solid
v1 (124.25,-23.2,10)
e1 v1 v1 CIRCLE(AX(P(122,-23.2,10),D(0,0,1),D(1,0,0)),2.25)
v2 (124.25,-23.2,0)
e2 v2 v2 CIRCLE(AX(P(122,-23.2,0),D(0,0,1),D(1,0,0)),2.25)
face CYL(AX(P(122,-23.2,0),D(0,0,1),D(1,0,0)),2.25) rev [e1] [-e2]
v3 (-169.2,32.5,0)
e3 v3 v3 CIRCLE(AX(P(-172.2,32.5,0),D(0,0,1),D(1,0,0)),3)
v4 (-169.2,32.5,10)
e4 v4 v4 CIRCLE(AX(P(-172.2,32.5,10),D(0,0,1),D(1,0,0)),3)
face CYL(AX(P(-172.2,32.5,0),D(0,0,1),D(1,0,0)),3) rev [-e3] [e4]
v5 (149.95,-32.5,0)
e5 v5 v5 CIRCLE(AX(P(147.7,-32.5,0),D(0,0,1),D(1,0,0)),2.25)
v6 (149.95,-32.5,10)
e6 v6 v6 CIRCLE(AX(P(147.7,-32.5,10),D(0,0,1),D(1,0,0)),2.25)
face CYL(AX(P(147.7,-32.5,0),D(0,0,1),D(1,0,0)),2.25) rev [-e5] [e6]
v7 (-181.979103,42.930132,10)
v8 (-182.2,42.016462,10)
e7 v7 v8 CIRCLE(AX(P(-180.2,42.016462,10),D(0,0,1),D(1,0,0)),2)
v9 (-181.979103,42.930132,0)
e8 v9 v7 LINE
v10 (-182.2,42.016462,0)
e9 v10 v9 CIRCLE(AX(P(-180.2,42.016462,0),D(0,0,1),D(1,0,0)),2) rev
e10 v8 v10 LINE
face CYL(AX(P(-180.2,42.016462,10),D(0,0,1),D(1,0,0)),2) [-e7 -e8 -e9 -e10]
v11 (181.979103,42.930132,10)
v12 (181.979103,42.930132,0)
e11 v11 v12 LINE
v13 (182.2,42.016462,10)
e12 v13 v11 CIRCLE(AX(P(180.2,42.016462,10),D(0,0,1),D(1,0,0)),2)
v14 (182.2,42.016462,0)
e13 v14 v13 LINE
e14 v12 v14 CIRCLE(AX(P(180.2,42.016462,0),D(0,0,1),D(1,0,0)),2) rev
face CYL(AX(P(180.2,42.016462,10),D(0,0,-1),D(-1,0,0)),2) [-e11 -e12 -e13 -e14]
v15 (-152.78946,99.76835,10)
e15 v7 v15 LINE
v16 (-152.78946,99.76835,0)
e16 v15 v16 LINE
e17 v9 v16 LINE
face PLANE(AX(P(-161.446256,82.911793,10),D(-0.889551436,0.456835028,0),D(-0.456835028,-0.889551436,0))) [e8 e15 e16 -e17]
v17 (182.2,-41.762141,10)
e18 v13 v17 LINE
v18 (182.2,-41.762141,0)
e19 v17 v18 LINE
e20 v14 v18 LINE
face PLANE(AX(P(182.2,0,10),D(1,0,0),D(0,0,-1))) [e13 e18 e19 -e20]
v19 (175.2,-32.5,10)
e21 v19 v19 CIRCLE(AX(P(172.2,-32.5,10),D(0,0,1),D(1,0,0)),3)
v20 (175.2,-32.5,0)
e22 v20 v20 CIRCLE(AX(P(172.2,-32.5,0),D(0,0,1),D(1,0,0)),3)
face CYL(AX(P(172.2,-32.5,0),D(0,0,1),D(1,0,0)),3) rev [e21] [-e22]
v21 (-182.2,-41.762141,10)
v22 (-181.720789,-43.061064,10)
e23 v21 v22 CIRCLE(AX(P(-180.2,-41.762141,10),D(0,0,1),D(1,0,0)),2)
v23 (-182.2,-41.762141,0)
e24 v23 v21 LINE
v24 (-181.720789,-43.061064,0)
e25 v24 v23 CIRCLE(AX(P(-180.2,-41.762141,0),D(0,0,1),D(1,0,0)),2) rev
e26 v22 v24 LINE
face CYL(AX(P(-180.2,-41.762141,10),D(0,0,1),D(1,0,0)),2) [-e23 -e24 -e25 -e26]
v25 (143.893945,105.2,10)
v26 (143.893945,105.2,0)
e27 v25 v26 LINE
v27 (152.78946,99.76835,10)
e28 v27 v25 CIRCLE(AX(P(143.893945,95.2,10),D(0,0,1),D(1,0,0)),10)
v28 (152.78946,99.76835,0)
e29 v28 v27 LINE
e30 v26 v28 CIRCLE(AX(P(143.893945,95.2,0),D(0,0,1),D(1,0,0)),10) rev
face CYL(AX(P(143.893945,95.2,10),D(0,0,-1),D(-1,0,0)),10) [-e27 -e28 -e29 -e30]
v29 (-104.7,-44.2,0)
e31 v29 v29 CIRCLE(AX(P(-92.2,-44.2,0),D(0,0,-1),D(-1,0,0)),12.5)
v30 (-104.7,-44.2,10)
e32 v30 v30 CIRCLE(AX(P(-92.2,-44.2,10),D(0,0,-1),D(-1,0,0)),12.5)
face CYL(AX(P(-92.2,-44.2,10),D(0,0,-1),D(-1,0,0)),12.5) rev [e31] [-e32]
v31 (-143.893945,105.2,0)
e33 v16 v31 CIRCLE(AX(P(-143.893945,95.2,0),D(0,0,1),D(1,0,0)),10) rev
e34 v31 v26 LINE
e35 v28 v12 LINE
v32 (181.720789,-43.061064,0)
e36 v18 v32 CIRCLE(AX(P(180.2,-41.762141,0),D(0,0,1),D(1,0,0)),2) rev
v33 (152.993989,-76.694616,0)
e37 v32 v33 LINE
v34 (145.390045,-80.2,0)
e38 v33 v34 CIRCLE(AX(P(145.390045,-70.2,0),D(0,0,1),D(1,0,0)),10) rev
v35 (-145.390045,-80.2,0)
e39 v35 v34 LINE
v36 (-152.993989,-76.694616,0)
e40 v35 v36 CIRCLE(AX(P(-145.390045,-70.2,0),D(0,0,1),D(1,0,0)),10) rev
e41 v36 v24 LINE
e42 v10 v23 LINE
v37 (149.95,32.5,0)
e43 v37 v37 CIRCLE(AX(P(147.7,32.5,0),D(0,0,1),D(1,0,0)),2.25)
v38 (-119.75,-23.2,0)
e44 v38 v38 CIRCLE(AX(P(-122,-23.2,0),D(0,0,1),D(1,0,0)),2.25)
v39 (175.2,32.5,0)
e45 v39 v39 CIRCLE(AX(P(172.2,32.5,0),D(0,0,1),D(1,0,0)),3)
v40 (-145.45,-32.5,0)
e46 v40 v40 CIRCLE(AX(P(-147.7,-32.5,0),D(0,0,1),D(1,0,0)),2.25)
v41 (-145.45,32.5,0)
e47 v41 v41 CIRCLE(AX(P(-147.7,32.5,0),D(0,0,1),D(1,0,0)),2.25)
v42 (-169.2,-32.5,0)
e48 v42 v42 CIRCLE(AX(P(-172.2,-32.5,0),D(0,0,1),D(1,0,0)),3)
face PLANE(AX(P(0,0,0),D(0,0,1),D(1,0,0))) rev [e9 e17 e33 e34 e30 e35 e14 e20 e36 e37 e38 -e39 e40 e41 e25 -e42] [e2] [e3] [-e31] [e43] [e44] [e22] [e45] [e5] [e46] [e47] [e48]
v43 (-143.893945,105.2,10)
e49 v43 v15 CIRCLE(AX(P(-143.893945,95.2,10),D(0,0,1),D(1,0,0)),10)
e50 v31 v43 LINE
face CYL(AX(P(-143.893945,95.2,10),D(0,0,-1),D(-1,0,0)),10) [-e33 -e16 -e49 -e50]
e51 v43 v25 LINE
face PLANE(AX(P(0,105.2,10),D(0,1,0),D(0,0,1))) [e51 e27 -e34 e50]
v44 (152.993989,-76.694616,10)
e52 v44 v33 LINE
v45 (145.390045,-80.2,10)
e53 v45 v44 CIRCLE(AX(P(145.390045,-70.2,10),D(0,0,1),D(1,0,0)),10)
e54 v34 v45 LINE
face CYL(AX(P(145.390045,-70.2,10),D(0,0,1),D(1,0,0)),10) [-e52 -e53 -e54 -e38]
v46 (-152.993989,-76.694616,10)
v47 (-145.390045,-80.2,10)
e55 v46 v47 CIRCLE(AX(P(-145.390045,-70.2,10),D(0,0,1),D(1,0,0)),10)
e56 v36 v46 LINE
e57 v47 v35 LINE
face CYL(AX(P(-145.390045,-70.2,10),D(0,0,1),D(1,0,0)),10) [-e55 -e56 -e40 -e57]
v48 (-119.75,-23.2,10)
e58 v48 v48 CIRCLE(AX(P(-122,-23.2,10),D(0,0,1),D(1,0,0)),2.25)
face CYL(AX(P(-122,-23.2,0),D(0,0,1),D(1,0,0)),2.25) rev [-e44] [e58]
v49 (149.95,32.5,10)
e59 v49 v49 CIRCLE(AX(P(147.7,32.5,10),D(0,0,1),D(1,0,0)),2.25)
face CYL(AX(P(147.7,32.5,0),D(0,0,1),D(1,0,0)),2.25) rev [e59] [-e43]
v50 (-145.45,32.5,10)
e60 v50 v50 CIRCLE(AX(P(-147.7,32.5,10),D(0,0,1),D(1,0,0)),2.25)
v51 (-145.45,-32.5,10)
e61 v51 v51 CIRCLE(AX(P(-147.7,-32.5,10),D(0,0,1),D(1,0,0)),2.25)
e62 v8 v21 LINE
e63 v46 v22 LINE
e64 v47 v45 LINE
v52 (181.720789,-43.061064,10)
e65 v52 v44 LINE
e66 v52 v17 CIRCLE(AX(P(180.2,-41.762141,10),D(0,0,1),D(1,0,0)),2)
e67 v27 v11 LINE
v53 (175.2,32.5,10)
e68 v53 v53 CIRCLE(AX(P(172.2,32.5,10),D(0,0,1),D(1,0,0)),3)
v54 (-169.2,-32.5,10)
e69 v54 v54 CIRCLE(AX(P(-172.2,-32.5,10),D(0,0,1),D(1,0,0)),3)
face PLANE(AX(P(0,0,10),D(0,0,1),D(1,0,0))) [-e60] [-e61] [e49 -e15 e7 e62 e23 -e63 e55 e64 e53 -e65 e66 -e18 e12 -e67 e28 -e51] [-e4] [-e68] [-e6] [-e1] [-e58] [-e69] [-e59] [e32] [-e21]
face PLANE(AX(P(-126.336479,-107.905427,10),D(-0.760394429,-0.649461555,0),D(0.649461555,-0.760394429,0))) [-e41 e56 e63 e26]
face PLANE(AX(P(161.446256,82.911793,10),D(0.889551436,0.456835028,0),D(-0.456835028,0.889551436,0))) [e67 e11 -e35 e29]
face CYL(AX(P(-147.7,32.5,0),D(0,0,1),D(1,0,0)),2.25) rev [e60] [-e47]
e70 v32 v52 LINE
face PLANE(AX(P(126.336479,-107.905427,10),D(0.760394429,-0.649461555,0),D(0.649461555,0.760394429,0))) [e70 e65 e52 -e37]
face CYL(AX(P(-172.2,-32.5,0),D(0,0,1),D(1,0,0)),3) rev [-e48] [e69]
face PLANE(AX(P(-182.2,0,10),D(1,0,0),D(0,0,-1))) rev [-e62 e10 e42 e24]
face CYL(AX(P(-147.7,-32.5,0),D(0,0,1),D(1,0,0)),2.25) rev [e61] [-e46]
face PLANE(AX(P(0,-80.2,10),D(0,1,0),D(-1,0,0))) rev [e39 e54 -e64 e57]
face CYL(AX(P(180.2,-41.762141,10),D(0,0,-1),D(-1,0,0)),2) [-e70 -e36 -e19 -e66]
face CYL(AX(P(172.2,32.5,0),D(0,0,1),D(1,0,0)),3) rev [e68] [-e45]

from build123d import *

# Parameters (mm, degrees)
ESQUISSE1_W             = 364.4
ESQUISSE1_H             = 85
ESQUISSE1_W_2           = 300
ESQUISSE1_H_2           = 62.7
ESQUISSE1_H_3           = 37.7
BOSS_EXTRU_1_DEPTH      = 10
ESQUISSE3_R             = 2.25
ESQUISSE3_R_2           = 3
ENL_V_MAT_EXTRU_1_DEPTH = 10
ESQUISSE4_R             = 2.25
ENL_V_MAT_EXTRU_2_DEPTH = 10
CONG_1_R                = 10
CONG_2_R                = 2
ESQUISSE5_R             = 12.5
ENL_V_MAT_EXTRU_3_DEPTH = 10


with BuildPart() as part:
    # Esquisse1 → Boss.-Extru.1 (new body)
    with BuildSketch(Plane.XY):
        Rectangle(ESQUISSE1_W, ESQUISSE1_H)
        with Locations((0, 73.85)):
            Rectangle(ESQUISSE1_W_2, ESQUISSE1_H_2)
        Polygon((-150, 105.2), (-182.2, 42.5), (-150, 42.5), align=None)
        with Locations((0, -61.35)):
            Rectangle(ESQUISSE1_W_2, ESQUISSE1_H_3)
        Polygon((-150, -42.5), (-182.2, -42.5), (-150, -80.2), align=None)
        Polygon((182.2, 42.5), (150, 105.2), (150, 42.5), align=None)
        Polygon((182.2, -42.5), (150, -42.5), (150, -80.2), align=None)
    extrude(amount=BOSS_EXTRU_1_DEPTH)

    # Esquisse3 → Enlèv. mat.-Extru.1 (cut)
    with BuildSketch(Plane.XY.offset(10)):
        with Locations((-147.7, 32.5)):
            Circle(ESQUISSE3_R)
        with Locations((-172.2, 32.5)):
            Circle(ESQUISSE3_R_2)
        with Locations((-172.2, -32.5)):
            Circle(ESQUISSE3_R_2)
        with Locations((-147.7, -32.5)):
            Circle(ESQUISSE3_R)
        with Locations((172.2, -32.5)):
            Circle(ESQUISSE3_R_2)
        with Locations((147.7, -32.5)):
            Circle(ESQUISSE3_R)
        with Locations((172.2, 32.5)):
            Circle(ESQUISSE3_R_2)
        with Locations((147.7, 32.5)):
            Circle(ESQUISSE3_R)
    extrude(amount=-ENL_V_MAT_EXTRU_1_DEPTH, mode=Mode.SUBTRACT)

    # Esquisse4 → Enlèv. mat.-Extru.2 (cut)
    with BuildSketch(Plane.XY.offset(10)):
        with Locations((-122, -23.2)):
            Circle(ESQUISSE4_R)
        with Locations((122, -23.2)):
            Circle(ESQUISSE4_R)
    extrude(amount=-ENL_V_MAT_EXTRU_2_DEPTH, mode=Mode.SUBTRACT)

    # Congé1
    cong_1_edges = [part.edges().sort_by_distance(p)[0] for p in [
        (-150, -80.2, 5),
        (-150, 105.2, 5),
        (150, 105.2, 5),
        (150, -80.2, 5),
    ]]
    fillet(cong_1_edges, radius=CONG_1_R)

    # Congé2
    cong_2_edges = [part.edges().sort_by_distance(p)[0] for p in [
        (-182.2, -42.5, 5),
        (-182.2, 42.5, 5),
        (182.2, 42.5, 5),
        (182.2, -42.5, 5),
    ]]
    fillet(cong_2_edges, radius=CONG_2_R)

    # Esquisse5 → Enlèv. mat.-Extru.3 (cut)
    with BuildSketch(Plane(origin=(0, 0, 0), x_dir=(-1, 0, 0), z_dir=(0, 0, -1))):
        with Locations((92.2, -44.2)):
            Circle(ESQUISSE5_R)
    extrude(amount=-ENL_V_MAT_EXTRU_3_DEPTH, mode=Mode.SUBTRACT)


solid = part.part
